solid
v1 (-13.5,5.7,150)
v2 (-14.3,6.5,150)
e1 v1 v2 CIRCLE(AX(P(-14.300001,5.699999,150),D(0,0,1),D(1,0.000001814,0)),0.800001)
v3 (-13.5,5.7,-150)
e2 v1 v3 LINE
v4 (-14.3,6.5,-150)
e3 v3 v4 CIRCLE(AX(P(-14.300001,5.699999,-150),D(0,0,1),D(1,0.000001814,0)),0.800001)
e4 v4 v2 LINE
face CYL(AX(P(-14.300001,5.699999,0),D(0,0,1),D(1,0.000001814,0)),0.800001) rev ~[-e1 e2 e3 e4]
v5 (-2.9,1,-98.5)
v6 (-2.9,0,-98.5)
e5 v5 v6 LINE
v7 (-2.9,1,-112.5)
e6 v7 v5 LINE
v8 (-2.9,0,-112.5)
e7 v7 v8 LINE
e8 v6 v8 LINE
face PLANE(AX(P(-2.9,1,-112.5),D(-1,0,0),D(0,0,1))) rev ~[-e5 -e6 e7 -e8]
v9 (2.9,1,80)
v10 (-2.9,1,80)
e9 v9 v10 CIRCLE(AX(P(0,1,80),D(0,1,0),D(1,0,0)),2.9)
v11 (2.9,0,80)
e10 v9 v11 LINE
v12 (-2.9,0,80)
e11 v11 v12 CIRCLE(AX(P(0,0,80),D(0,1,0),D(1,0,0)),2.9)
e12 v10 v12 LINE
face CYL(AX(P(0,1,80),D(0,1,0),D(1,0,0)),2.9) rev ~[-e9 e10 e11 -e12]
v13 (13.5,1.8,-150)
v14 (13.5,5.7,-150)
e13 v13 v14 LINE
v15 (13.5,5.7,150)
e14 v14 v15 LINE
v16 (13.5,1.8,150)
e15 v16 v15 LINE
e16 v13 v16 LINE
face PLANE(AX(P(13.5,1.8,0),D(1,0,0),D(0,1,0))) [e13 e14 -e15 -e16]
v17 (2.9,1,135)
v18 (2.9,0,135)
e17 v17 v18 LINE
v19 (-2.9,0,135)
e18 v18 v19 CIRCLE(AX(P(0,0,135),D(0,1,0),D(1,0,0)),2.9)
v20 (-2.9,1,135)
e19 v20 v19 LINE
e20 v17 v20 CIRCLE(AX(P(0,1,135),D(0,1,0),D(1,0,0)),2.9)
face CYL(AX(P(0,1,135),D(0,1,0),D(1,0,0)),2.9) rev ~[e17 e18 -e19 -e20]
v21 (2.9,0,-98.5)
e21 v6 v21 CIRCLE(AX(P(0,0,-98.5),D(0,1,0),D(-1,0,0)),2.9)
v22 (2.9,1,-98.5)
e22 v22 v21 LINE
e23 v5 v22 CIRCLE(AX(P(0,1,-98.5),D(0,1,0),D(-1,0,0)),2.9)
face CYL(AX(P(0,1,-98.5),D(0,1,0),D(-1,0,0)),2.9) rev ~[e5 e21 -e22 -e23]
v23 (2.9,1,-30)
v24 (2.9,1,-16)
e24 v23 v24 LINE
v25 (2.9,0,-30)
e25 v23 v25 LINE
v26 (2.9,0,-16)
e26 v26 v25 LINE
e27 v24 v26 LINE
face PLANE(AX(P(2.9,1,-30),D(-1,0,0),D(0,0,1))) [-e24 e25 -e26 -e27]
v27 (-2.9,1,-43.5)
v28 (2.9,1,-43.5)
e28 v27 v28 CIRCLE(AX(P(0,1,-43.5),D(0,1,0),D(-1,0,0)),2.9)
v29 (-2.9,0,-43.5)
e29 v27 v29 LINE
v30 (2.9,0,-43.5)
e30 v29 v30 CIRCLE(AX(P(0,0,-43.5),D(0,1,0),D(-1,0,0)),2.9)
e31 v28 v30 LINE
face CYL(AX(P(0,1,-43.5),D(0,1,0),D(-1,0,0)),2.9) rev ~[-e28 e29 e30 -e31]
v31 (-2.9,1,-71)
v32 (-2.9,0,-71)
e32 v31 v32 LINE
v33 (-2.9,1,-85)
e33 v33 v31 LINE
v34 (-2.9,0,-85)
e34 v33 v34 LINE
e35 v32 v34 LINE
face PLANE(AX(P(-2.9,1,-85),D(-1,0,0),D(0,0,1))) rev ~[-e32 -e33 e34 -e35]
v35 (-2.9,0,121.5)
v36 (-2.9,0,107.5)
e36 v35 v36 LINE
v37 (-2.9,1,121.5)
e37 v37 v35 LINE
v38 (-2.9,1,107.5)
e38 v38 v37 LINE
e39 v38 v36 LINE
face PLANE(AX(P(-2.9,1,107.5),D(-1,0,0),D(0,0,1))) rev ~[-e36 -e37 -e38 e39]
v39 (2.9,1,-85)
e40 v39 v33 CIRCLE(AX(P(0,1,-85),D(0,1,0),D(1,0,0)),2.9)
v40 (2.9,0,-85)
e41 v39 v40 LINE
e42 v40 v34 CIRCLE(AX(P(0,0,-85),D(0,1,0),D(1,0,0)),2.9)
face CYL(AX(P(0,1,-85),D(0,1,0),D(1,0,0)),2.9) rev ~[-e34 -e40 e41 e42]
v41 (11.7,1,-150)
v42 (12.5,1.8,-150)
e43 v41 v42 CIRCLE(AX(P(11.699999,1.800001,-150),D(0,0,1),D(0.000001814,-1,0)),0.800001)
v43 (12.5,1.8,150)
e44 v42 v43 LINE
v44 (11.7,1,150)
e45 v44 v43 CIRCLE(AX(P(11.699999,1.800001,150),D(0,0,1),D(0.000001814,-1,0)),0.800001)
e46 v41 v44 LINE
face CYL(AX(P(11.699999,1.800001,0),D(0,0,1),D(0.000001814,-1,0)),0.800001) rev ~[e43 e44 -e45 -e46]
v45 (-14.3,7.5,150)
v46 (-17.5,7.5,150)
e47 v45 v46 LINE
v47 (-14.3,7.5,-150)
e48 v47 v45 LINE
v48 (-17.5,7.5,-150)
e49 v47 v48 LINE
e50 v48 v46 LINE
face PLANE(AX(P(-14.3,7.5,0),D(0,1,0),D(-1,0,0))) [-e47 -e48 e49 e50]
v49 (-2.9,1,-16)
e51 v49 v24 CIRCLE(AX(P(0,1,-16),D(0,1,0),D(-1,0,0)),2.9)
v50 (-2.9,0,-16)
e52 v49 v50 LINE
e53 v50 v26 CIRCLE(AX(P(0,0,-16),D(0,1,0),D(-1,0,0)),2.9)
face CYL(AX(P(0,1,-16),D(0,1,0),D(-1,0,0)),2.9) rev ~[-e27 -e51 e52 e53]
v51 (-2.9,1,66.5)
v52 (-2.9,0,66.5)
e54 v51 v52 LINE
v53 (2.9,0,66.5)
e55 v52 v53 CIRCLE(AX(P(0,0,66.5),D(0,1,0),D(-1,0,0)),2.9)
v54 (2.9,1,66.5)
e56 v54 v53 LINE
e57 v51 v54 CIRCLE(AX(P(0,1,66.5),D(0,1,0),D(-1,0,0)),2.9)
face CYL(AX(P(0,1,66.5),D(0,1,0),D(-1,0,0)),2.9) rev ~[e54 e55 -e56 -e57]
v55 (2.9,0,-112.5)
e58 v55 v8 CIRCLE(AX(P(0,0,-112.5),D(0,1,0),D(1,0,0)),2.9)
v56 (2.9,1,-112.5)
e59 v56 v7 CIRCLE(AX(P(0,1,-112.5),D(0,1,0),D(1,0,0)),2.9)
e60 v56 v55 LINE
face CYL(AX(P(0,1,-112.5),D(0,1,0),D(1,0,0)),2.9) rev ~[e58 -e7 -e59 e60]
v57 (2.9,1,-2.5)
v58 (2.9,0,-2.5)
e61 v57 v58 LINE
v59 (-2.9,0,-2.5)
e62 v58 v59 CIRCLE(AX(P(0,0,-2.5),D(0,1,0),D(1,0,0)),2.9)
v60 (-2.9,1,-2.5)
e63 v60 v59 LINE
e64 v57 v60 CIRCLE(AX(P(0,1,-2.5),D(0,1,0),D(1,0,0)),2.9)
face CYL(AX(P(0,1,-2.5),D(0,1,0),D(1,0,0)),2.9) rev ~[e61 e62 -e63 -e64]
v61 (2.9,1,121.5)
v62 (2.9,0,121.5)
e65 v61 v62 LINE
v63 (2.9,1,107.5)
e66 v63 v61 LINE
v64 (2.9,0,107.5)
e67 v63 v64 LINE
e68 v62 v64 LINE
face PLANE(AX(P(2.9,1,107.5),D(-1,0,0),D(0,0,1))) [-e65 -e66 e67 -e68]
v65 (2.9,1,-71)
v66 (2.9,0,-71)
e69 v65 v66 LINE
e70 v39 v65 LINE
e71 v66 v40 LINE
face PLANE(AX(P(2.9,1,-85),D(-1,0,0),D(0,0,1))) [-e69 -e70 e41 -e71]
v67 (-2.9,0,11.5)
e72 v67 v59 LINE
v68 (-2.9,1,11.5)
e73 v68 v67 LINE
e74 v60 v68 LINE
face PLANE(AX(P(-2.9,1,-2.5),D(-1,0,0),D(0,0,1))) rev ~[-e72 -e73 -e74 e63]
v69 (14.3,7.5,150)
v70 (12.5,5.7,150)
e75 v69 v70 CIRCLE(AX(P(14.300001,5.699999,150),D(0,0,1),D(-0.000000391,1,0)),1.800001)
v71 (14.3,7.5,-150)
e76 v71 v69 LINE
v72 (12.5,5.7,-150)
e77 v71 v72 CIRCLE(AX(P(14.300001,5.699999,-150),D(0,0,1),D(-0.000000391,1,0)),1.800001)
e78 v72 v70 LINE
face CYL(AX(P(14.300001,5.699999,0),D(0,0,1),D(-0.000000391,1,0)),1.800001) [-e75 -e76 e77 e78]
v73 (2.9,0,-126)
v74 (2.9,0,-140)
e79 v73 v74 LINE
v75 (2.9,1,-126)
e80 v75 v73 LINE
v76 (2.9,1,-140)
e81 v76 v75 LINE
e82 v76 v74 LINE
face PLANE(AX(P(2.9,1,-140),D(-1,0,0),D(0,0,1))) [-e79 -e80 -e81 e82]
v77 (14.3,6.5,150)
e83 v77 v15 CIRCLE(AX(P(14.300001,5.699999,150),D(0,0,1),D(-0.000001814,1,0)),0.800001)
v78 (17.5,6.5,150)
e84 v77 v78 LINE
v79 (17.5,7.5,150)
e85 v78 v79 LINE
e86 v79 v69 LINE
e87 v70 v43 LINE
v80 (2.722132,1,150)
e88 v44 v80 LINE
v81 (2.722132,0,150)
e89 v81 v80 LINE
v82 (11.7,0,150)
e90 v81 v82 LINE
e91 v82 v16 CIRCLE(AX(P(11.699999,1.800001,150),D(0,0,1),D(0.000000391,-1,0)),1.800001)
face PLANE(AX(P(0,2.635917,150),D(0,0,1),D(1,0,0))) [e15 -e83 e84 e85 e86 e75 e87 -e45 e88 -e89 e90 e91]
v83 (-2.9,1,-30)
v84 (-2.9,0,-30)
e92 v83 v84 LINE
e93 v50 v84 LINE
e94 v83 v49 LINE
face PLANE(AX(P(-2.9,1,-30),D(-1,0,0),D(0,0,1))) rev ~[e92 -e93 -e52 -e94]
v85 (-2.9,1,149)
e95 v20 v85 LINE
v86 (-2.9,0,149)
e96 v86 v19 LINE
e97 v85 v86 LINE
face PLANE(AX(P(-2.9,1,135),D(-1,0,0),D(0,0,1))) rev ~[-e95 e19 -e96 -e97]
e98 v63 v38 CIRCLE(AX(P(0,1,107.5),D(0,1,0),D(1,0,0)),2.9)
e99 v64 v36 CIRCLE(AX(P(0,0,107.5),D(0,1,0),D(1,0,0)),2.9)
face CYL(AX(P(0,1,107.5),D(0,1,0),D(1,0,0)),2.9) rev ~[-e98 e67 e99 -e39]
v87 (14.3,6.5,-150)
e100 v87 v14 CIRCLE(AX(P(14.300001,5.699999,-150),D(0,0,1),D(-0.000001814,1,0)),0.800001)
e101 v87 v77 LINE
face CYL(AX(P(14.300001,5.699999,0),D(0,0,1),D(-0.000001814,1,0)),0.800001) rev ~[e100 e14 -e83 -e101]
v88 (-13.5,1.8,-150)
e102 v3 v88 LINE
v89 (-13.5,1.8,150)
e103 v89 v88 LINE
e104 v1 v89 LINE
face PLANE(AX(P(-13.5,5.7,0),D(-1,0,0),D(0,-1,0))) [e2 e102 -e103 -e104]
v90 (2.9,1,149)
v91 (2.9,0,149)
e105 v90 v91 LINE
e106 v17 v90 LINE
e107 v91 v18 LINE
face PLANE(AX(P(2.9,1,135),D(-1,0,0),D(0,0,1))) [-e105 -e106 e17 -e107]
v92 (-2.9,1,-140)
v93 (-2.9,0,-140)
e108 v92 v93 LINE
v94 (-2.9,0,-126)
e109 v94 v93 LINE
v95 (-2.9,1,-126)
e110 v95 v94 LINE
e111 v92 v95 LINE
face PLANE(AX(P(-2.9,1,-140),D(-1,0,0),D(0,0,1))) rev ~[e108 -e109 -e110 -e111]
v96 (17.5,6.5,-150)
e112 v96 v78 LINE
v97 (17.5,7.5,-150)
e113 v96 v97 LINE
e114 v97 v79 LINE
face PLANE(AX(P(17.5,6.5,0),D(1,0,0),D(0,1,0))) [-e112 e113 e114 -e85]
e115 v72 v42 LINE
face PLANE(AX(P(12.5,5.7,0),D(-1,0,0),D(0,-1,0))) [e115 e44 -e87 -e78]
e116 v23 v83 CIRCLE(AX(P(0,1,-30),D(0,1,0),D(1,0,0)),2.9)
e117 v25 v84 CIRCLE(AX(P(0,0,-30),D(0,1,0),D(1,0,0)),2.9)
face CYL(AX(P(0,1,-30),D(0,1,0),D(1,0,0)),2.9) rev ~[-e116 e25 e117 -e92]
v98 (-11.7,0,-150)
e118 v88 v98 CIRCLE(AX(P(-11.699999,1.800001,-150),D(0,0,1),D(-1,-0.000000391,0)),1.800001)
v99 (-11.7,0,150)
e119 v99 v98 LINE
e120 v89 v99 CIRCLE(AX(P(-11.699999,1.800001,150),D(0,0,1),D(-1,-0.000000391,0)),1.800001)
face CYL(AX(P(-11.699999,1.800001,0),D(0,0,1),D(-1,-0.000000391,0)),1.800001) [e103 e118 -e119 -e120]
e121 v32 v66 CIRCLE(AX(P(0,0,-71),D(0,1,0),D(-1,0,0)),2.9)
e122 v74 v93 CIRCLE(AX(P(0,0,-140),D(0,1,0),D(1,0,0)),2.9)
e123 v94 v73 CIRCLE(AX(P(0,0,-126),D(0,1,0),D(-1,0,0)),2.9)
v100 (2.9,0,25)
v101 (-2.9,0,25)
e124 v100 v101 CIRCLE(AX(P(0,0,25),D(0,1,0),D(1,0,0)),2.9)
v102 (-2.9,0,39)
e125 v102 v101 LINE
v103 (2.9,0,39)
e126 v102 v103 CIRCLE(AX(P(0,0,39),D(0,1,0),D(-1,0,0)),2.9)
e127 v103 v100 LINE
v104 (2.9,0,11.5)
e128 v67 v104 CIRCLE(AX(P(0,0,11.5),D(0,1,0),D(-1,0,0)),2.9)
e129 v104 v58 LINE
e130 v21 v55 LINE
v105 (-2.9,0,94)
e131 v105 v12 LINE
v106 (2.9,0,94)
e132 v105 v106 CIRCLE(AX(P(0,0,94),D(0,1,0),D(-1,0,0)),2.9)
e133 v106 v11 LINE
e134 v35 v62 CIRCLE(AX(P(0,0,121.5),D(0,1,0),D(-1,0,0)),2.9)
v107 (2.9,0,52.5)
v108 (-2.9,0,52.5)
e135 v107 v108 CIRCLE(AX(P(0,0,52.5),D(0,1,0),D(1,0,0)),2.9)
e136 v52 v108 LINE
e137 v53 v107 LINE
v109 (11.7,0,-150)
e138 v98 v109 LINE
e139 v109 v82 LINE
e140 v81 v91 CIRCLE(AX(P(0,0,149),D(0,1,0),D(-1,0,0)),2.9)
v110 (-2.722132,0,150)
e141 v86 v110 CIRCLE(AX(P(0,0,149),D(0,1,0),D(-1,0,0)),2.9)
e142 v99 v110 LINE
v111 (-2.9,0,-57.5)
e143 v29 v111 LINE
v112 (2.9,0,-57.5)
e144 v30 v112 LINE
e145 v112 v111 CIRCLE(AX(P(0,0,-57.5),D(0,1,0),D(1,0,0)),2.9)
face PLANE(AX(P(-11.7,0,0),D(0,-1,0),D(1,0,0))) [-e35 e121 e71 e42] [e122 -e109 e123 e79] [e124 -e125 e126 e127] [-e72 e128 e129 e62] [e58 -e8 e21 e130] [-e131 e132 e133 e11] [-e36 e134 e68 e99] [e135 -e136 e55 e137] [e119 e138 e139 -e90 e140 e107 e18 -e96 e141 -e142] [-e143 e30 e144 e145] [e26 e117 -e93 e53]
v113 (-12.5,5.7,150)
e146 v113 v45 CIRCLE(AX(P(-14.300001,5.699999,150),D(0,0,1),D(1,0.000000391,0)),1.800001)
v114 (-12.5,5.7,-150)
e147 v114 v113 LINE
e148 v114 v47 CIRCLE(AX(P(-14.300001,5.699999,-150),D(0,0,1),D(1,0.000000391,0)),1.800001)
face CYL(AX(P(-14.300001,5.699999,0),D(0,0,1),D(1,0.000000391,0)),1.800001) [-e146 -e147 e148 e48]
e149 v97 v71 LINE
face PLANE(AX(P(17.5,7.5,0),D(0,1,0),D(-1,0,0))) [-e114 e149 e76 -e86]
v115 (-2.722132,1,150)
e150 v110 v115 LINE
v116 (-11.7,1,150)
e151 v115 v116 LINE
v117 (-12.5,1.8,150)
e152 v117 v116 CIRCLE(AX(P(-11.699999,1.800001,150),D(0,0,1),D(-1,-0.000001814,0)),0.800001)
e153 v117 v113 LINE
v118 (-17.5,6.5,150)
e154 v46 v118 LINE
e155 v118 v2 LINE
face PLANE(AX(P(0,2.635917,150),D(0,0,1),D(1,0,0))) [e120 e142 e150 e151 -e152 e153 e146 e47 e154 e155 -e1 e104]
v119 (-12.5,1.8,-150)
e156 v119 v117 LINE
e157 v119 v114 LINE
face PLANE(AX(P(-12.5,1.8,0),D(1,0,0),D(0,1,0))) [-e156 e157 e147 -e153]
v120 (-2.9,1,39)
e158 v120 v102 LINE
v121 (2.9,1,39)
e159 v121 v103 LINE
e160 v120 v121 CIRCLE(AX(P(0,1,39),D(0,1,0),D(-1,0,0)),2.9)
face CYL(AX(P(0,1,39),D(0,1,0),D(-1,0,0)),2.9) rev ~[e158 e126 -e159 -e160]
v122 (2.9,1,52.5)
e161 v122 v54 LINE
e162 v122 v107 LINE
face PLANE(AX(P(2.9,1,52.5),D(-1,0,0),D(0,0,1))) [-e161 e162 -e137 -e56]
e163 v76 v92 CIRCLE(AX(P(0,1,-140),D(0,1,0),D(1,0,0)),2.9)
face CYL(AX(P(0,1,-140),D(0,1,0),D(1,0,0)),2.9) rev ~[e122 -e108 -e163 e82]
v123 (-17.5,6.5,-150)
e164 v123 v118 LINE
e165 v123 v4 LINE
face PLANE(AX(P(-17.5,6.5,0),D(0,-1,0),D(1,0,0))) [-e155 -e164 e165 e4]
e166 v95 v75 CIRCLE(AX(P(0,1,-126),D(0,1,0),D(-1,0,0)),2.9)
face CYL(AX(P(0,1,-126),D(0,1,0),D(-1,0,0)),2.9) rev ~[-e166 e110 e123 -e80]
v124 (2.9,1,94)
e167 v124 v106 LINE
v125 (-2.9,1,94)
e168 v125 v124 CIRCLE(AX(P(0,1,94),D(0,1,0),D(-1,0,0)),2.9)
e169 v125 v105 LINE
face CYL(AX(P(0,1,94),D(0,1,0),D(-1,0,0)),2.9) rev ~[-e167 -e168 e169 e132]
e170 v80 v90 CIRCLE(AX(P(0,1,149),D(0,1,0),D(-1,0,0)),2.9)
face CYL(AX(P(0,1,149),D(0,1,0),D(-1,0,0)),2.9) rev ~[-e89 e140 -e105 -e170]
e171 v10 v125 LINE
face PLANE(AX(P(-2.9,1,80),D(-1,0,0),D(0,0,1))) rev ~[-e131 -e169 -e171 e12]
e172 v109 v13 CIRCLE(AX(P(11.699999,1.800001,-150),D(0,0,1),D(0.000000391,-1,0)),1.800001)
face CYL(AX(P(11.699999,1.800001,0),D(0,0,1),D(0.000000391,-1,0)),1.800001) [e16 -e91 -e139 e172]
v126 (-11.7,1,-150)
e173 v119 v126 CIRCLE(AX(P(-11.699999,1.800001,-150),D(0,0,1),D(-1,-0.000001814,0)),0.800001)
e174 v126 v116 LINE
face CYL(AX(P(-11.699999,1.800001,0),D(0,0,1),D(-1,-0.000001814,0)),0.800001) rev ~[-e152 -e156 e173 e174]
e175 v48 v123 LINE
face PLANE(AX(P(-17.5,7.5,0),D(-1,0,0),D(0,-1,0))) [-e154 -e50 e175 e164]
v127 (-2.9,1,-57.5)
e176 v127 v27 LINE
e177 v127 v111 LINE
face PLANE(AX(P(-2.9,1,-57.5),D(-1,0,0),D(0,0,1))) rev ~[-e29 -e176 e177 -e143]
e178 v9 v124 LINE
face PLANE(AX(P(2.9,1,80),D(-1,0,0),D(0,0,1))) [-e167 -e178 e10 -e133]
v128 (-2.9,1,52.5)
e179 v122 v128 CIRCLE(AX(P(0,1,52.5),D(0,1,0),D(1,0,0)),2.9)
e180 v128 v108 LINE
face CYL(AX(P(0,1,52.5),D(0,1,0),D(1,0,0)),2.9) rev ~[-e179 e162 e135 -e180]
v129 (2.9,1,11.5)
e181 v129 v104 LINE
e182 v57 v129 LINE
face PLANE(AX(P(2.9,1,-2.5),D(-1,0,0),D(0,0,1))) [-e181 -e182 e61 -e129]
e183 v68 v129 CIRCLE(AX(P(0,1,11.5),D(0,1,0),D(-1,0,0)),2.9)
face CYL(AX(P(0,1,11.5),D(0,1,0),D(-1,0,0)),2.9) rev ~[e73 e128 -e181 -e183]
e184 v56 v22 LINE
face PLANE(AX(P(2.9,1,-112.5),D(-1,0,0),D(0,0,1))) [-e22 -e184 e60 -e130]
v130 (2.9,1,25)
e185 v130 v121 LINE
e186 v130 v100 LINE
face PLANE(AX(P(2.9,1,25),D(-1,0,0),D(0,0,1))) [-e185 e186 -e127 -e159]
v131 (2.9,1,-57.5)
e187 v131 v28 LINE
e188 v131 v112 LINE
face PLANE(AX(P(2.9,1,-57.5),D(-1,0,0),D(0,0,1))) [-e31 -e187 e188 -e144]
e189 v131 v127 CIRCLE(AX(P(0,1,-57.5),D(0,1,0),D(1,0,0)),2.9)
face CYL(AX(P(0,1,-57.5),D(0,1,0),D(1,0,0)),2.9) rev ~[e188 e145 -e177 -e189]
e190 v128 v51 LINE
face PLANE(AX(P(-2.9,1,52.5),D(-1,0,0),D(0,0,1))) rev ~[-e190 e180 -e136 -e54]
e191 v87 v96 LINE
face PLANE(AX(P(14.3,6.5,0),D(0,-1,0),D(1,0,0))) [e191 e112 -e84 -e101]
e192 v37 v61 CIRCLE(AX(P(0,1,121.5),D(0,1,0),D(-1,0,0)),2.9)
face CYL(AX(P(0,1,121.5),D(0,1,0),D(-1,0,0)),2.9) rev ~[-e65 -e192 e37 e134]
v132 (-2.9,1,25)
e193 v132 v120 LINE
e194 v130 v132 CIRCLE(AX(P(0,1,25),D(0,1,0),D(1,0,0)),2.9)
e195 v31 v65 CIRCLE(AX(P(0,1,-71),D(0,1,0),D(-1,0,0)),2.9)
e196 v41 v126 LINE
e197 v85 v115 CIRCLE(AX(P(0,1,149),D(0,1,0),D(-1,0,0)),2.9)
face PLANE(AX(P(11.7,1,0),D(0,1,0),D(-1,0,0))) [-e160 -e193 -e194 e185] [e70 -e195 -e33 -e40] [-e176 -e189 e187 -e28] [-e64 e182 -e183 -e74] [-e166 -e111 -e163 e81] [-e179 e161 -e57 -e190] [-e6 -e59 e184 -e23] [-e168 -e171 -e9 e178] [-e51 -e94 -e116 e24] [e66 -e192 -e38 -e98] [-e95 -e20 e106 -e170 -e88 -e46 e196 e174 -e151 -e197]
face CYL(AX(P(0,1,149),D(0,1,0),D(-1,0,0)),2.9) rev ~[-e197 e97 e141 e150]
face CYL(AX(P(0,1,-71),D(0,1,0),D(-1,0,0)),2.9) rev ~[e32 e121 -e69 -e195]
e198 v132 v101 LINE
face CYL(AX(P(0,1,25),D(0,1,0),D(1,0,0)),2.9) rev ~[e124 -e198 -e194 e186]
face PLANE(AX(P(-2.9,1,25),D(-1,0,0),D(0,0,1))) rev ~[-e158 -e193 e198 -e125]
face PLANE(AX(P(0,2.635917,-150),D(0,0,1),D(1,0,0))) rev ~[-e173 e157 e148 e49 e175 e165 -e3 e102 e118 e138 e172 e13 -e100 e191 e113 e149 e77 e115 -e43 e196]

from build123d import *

# Parameters (mm, degrees)
PAD_DEPTH           = 150
POCKET_DEPTH        = 5
LINEARPATTERN_COUNT = 11
LINEARPATTERN_PITCH = 27.5


with BuildPart() as part:
    # Sketch → Pad (new body, symmetric)
    with BuildSketch(Plane.XY):
        with BuildLine():
            Line((-11.7, 0), (11.7, 0))
            ThreePointArc((11.7, 0), (12.972792, 0.527208), (13.5, 1.8))
            Line((13.5, 1.8), (13.5, 5.7))
            ThreePointArc((14.3, 6.5), (13.734315, 6.265685), (13.5, 5.7))
            Line((14.3, 6.5), (17.5, 6.5))
            Line((17.5, 6.5), (17.5, 7.5))
            Line((17.5, 7.5), (14.3, 7.5))
            ThreePointArc((14.3, 7.5), (13.027208, 6.972792), (12.5, 5.7))
            Line((12.5, 5.7), (12.5, 1.8))
            ThreePointArc((11.7, 1), (12.265685, 1.234315), (12.5, 1.8))
            Line((11.7, 1), (-11.7, 1))
            ThreePointArc((-12.5, 1.8), (-12.265685, 1.234315), (-11.7, 1))
            Line((-12.5, 1.8), (-12.5, 5.7))
            ThreePointArc((-12.5, 5.7), (-13.027208, 6.972792), (-14.3, 7.5))
            Line((-14.3, 7.5), (-17.5, 7.5))
            Line((-17.5, 7.5), (-17.5, 6.5))
            Line((-17.5, 6.5), (-14.3, 6.5))
            ThreePointArc((-13.5, 5.7), (-13.734315, 6.265685), (-14.3, 6.5))
            Line((-13.5, 5.7), (-13.5, 1.8))
            ThreePointArc((-13.5, 1.8), (-12.972792, 0.527208), (-11.7, 0))
        make_face()
    extrude(amount=PAD_DEPTH, both=True)

    # Sketch001 (on Face13 of Pad) → Pocket (cut)
    with BuildSketch(Plane(origin=(0, 1, 0), x_dir=(-1, 0, 0), z_dir=(0, 1, 0))):
        with BuildLine():
            ThreePointArc((-2.9, -140), (0, -142.9), (2.9, -140))
            Line((2.9, -140), (2.9, -126))
            ThreePointArc((2.9, -126), (0, -123.1), (-2.9, -126))
            Line((-2.9, -140), (-2.9, -126))
        make_face()
    pocket = extrude(amount=-POCKET_DEPTH, mode=Mode.SUBTRACT)

    # LinearPattern: Pocket ×11
    with Locations(*[(0, 0, i * LINEARPATTERN_PITCH) for i in range(1, LINEARPATTERN_COUNT)]):
        add(pocket, mode=Mode.SUBTRACT)


solid = part.part
